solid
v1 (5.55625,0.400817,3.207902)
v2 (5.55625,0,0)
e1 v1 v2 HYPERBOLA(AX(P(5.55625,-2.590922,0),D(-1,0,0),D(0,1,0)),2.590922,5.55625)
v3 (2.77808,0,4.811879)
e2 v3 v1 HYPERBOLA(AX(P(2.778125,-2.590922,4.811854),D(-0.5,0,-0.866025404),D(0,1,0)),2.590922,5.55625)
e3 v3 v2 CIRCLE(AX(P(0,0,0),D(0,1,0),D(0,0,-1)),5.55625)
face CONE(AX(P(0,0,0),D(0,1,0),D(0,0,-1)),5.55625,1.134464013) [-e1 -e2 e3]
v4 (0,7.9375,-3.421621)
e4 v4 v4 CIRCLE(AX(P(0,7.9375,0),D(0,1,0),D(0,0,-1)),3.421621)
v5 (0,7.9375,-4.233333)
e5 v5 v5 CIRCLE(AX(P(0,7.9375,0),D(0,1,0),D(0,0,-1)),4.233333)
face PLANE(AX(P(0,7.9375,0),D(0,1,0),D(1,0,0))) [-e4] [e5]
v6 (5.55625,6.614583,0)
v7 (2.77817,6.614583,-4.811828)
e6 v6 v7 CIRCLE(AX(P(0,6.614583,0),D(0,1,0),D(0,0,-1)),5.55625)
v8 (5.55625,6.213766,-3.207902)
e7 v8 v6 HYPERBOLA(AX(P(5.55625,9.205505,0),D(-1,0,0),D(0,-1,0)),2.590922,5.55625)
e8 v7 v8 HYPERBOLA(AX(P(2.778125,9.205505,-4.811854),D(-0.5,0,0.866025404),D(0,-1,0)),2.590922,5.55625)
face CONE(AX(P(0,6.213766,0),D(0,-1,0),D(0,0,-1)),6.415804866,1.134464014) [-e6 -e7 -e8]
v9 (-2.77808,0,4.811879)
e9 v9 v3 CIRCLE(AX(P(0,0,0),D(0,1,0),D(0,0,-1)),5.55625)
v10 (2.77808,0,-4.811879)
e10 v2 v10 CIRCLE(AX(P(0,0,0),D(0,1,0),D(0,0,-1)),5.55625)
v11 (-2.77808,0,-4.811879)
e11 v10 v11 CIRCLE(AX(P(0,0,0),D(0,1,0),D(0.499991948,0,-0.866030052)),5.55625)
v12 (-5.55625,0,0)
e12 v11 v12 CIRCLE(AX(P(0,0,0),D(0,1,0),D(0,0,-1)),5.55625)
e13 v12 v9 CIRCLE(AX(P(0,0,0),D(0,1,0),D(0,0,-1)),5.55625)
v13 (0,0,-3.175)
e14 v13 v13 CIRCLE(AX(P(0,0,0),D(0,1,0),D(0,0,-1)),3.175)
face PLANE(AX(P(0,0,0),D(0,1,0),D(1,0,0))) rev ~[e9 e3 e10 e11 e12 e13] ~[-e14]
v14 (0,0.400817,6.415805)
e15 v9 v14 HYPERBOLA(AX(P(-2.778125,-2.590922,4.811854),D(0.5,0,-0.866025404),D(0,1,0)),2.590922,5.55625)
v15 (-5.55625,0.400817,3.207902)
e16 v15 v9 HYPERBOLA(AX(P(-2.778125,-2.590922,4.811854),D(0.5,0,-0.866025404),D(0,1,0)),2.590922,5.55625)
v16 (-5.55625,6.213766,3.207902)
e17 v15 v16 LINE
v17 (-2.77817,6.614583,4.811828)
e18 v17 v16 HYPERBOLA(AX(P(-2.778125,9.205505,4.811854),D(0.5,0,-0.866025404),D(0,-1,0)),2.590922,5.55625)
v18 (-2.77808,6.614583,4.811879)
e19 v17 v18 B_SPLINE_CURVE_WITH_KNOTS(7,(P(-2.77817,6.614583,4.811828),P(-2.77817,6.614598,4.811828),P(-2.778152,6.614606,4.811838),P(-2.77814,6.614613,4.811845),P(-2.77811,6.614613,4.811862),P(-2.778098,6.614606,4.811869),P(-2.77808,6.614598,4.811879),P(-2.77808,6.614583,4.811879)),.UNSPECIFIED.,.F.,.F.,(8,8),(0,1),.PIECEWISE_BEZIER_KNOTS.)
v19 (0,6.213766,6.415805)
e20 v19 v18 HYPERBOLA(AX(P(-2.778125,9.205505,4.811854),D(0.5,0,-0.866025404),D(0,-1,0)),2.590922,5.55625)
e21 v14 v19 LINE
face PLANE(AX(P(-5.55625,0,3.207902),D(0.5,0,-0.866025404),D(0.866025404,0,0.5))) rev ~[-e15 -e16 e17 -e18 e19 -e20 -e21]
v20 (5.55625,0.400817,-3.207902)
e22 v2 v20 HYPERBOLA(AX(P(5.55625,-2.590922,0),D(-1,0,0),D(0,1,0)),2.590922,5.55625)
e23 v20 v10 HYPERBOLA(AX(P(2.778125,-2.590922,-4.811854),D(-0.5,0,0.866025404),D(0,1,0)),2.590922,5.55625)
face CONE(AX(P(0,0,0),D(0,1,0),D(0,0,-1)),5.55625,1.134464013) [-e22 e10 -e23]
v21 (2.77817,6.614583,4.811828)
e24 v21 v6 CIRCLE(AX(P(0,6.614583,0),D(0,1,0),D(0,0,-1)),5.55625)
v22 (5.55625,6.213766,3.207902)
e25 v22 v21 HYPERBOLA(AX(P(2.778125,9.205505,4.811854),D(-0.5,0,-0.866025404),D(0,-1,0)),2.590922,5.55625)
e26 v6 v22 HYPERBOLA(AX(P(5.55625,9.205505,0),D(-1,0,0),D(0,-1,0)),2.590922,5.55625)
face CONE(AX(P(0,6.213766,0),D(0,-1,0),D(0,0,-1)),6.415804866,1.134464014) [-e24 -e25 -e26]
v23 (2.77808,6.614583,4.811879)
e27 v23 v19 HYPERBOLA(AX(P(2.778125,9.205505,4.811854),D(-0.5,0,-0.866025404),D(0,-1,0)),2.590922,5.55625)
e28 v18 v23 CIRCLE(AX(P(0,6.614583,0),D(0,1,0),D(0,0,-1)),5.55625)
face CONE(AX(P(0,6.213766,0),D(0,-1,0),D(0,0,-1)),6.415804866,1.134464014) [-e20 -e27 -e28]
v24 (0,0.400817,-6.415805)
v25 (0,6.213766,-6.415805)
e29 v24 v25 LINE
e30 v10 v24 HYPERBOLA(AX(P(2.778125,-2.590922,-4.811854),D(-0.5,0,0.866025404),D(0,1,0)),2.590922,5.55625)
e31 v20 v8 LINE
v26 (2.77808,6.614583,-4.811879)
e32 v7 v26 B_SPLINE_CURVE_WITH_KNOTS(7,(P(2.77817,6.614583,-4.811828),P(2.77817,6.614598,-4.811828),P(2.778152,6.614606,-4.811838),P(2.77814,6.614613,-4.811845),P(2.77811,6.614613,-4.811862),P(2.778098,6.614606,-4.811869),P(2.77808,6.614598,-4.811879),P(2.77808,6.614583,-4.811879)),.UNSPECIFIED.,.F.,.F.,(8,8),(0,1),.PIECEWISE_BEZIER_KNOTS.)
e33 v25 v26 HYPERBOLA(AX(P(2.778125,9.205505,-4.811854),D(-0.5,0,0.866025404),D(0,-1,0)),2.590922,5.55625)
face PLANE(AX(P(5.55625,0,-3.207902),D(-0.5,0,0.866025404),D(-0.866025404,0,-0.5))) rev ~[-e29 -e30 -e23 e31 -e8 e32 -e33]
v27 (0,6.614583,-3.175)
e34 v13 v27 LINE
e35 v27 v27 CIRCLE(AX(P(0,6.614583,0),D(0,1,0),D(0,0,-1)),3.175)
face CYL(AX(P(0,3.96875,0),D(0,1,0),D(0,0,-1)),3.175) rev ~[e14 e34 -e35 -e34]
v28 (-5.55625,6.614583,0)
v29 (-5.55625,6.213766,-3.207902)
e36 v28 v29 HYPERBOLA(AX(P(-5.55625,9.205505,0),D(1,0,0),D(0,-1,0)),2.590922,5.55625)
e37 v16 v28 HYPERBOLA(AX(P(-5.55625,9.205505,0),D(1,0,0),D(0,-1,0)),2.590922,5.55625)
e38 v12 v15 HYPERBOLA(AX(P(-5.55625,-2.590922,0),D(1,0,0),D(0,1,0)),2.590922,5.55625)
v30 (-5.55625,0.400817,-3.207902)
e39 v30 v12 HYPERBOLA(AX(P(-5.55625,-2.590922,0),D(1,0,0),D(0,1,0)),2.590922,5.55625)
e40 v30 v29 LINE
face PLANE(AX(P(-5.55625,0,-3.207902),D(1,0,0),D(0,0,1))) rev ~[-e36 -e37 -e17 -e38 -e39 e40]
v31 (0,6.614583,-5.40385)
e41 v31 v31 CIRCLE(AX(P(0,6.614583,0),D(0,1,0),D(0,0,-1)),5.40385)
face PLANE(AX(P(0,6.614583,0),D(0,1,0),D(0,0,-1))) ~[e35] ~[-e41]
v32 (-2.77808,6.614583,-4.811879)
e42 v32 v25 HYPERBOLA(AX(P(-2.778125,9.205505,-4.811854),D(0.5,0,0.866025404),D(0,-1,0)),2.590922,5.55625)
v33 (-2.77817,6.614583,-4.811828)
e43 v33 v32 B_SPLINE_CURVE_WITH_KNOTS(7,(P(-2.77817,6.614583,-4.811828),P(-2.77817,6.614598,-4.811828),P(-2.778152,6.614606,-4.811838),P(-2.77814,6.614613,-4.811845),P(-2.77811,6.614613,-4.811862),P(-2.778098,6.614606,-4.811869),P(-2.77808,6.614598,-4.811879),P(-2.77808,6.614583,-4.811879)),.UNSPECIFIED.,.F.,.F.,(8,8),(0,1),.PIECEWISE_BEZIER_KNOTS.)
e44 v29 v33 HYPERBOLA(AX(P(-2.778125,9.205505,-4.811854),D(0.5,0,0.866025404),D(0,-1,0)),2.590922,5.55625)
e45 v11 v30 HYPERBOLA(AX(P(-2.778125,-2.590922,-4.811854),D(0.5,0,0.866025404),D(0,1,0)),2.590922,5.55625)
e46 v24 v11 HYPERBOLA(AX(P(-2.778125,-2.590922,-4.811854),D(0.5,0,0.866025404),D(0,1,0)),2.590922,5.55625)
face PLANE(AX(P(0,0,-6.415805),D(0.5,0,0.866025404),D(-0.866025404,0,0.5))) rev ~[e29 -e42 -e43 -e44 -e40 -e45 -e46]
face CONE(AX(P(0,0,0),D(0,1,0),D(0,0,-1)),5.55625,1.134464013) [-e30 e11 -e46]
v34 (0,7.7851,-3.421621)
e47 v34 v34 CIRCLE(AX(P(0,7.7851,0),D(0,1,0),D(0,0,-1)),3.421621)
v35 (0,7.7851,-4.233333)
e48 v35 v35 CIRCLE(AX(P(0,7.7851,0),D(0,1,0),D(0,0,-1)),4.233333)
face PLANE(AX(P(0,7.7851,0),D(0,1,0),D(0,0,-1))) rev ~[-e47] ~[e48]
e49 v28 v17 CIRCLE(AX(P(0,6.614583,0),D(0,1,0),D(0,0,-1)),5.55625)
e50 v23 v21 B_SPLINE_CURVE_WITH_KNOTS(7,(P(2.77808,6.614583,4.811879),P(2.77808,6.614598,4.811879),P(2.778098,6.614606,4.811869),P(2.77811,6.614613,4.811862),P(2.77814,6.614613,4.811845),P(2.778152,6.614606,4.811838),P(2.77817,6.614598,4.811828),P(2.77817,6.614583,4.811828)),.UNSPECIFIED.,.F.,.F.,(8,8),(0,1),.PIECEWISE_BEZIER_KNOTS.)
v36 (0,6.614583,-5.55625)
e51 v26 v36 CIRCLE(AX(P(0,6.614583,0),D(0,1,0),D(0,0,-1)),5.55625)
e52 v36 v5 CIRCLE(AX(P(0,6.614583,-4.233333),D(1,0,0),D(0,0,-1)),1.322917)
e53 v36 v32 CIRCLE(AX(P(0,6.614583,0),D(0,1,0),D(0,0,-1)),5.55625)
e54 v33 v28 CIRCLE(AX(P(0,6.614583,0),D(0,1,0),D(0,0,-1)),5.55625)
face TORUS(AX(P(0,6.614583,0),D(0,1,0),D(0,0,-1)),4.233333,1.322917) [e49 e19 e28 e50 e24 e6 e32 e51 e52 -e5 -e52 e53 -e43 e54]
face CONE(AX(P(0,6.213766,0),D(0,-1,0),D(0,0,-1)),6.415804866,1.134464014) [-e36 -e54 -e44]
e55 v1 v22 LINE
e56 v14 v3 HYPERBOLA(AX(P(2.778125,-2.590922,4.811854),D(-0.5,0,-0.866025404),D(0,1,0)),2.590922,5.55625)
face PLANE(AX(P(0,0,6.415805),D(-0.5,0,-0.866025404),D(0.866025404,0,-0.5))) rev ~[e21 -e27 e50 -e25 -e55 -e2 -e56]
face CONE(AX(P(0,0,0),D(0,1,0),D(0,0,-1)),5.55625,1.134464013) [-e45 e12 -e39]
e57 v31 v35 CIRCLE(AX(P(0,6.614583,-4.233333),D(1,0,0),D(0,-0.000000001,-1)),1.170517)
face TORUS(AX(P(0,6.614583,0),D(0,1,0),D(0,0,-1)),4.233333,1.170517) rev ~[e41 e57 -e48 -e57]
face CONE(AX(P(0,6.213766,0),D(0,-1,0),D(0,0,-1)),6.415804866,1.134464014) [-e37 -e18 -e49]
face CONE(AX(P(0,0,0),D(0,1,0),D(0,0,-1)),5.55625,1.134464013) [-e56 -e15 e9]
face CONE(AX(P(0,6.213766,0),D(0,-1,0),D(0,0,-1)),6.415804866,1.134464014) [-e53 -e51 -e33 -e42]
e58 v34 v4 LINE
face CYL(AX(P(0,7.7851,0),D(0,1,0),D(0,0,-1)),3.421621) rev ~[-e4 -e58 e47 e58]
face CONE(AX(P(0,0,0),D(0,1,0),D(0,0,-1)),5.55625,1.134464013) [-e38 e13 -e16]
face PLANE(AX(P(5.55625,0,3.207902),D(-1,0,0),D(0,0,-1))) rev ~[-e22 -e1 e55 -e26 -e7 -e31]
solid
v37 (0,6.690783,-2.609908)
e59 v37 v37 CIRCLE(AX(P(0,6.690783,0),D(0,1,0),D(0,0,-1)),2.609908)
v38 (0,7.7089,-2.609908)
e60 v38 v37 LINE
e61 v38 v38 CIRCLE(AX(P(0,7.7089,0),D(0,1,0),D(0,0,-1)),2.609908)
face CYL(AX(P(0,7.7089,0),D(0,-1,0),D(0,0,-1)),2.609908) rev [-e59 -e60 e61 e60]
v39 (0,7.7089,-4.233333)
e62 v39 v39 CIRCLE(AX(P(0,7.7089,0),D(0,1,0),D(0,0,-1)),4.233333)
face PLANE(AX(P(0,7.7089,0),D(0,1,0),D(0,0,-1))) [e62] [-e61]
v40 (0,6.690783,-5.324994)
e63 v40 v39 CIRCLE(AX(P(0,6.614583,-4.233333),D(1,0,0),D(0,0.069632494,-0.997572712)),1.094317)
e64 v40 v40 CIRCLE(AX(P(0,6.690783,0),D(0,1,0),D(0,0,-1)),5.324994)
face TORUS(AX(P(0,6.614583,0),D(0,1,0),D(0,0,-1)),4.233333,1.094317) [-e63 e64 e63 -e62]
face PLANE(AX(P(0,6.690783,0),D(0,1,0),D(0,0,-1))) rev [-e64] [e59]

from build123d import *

# Parameters (mm, degrees)
EXTRUDE1_DEPTH = 7.9375
SKETCH2_W      = 3.175
SKETCH2_H      = 7.9375


with BuildPart() as part:
    # Sketch1 → Extrude1 (new body)
    with BuildSketch(Plane(origin=(0, 0, 0), x_dir=(1, 0, 0), z_dir=(0, 1, 0))):
        Polygon((0, 6.415804866), (-5.55625, 3.207902433), (-5.55625, -3.207902433), (0, -6.415804866), (5.55625, -3.207902433), (5.55625, 3.207902433), align=None)
    extrude(amount=EXTRUDE1_DEPTH)


with BuildPart() as body_2:
    # Sketch2 → Revolve1 (revolve)
    with BuildSketch(Plane(origin=(0, 0, 0), x_dir=(0, 0, -1), z_dir=(1, 0, 0))):
        with Locations((1.5875, 3.96875)):
            Rectangle(SKETCH2_W, SKETCH2_H)
    revolve(axis=Axis((0, -3.175, 0), (0, 1, 0)))


with BuildPart() as part_1:
    add(part.part)

    # Combine1: cut body 2
    add(body_2.part, mode=Mode.SUBTRACT)

    # Sketch5 → Cut-Revolve3 (revolve, cut)
    with BuildSketch(Plane(origin=(0, 0, 0), x_dir=(0, 0, -1), z_dir=(1, 0, 0))):
        with BuildLine():
            Line((0, 0), (5.55625, 0))
            Line((5.55625, 0), (6.415804866, 0.400817017))
            Line((6.415804866, 0.400817017), (6.415804866, 6.213766317))
            Line((6.415804866, 6.213766317), (5.55625, 6.614583333))
            ThreePointArc((5.55625, 6.614583333), (5.168776679, 7.550026679), (4.233333333, 7.9375))
            Line((4.233333333, 7.9375), (4.233333333, 9.2075))
            Line((4.233333333, 9.2075), (7.685804866, 9.2075))
            Line((7.685804866, 9.2075), (7.685804866, -1.27))
            Line((7.685804866, -1.27), (0, -1.27))
            Line((0, -1.27), (0, 0))
        make_face()
    revolve(axis=Axis((0, 0, 0), (0, 1, 0)), mode=Mode.SUBTRACT)

    # Sketch6 → Cut-Revolve4 (revolve, cut)
    with BuildSketch(Plane(origin=(0, 0, 0), x_dir=(0, 0, -1), z_dir=(1, 0, 0))):
        with BuildLine():
            Line((0, 6.614583333), (5.40385, 6.614583333))
            ThreePointArc((5.40385, 6.614583333), (5.061013606, 7.442263606), (4.233333333, 7.7851))
            Line((4.233333333, 7.7851), (3.421620845, 7.7851))
            Line((3.421620845, 7.7851), (3.421620845, 9.2075))
            Line((3.421620845, 9.2075), (0, 9.2075))
            Line((0, 9.2075), (0, 6.614583333))
        make_face()
    revolve(axis=Axis((0, 9.2075, 0), (0, 1, 0)), mode=Mode.SUBTRACT)


with BuildPart() as body_2_2:
    # Sketch7 → Revolve2 (revolve)
    with BuildSketch(Plane(origin=(0, 0, 0), x_dir=(0, 0, -1), z_dir=(1, 0, 0))):
        with BuildLine():
            Line((2.609908356, 6.690783333), (5.324993778, 6.690783333))
            ThreePointArc((5.324993778, 6.690783333), (4.979705237, 7.4148695), (4.233333333, 7.7089))
            Line((4.233333333, 7.7089), (2.609908356, 7.7089))
            Line((2.609908356, 7.7089), (2.609908356, 6.690783333))
        make_face()
    revolve(axis=Axis((0, 6.690783333, 0), (0, 1, 0)))


solid = Compound([part_1.part, body_2_2.part])
